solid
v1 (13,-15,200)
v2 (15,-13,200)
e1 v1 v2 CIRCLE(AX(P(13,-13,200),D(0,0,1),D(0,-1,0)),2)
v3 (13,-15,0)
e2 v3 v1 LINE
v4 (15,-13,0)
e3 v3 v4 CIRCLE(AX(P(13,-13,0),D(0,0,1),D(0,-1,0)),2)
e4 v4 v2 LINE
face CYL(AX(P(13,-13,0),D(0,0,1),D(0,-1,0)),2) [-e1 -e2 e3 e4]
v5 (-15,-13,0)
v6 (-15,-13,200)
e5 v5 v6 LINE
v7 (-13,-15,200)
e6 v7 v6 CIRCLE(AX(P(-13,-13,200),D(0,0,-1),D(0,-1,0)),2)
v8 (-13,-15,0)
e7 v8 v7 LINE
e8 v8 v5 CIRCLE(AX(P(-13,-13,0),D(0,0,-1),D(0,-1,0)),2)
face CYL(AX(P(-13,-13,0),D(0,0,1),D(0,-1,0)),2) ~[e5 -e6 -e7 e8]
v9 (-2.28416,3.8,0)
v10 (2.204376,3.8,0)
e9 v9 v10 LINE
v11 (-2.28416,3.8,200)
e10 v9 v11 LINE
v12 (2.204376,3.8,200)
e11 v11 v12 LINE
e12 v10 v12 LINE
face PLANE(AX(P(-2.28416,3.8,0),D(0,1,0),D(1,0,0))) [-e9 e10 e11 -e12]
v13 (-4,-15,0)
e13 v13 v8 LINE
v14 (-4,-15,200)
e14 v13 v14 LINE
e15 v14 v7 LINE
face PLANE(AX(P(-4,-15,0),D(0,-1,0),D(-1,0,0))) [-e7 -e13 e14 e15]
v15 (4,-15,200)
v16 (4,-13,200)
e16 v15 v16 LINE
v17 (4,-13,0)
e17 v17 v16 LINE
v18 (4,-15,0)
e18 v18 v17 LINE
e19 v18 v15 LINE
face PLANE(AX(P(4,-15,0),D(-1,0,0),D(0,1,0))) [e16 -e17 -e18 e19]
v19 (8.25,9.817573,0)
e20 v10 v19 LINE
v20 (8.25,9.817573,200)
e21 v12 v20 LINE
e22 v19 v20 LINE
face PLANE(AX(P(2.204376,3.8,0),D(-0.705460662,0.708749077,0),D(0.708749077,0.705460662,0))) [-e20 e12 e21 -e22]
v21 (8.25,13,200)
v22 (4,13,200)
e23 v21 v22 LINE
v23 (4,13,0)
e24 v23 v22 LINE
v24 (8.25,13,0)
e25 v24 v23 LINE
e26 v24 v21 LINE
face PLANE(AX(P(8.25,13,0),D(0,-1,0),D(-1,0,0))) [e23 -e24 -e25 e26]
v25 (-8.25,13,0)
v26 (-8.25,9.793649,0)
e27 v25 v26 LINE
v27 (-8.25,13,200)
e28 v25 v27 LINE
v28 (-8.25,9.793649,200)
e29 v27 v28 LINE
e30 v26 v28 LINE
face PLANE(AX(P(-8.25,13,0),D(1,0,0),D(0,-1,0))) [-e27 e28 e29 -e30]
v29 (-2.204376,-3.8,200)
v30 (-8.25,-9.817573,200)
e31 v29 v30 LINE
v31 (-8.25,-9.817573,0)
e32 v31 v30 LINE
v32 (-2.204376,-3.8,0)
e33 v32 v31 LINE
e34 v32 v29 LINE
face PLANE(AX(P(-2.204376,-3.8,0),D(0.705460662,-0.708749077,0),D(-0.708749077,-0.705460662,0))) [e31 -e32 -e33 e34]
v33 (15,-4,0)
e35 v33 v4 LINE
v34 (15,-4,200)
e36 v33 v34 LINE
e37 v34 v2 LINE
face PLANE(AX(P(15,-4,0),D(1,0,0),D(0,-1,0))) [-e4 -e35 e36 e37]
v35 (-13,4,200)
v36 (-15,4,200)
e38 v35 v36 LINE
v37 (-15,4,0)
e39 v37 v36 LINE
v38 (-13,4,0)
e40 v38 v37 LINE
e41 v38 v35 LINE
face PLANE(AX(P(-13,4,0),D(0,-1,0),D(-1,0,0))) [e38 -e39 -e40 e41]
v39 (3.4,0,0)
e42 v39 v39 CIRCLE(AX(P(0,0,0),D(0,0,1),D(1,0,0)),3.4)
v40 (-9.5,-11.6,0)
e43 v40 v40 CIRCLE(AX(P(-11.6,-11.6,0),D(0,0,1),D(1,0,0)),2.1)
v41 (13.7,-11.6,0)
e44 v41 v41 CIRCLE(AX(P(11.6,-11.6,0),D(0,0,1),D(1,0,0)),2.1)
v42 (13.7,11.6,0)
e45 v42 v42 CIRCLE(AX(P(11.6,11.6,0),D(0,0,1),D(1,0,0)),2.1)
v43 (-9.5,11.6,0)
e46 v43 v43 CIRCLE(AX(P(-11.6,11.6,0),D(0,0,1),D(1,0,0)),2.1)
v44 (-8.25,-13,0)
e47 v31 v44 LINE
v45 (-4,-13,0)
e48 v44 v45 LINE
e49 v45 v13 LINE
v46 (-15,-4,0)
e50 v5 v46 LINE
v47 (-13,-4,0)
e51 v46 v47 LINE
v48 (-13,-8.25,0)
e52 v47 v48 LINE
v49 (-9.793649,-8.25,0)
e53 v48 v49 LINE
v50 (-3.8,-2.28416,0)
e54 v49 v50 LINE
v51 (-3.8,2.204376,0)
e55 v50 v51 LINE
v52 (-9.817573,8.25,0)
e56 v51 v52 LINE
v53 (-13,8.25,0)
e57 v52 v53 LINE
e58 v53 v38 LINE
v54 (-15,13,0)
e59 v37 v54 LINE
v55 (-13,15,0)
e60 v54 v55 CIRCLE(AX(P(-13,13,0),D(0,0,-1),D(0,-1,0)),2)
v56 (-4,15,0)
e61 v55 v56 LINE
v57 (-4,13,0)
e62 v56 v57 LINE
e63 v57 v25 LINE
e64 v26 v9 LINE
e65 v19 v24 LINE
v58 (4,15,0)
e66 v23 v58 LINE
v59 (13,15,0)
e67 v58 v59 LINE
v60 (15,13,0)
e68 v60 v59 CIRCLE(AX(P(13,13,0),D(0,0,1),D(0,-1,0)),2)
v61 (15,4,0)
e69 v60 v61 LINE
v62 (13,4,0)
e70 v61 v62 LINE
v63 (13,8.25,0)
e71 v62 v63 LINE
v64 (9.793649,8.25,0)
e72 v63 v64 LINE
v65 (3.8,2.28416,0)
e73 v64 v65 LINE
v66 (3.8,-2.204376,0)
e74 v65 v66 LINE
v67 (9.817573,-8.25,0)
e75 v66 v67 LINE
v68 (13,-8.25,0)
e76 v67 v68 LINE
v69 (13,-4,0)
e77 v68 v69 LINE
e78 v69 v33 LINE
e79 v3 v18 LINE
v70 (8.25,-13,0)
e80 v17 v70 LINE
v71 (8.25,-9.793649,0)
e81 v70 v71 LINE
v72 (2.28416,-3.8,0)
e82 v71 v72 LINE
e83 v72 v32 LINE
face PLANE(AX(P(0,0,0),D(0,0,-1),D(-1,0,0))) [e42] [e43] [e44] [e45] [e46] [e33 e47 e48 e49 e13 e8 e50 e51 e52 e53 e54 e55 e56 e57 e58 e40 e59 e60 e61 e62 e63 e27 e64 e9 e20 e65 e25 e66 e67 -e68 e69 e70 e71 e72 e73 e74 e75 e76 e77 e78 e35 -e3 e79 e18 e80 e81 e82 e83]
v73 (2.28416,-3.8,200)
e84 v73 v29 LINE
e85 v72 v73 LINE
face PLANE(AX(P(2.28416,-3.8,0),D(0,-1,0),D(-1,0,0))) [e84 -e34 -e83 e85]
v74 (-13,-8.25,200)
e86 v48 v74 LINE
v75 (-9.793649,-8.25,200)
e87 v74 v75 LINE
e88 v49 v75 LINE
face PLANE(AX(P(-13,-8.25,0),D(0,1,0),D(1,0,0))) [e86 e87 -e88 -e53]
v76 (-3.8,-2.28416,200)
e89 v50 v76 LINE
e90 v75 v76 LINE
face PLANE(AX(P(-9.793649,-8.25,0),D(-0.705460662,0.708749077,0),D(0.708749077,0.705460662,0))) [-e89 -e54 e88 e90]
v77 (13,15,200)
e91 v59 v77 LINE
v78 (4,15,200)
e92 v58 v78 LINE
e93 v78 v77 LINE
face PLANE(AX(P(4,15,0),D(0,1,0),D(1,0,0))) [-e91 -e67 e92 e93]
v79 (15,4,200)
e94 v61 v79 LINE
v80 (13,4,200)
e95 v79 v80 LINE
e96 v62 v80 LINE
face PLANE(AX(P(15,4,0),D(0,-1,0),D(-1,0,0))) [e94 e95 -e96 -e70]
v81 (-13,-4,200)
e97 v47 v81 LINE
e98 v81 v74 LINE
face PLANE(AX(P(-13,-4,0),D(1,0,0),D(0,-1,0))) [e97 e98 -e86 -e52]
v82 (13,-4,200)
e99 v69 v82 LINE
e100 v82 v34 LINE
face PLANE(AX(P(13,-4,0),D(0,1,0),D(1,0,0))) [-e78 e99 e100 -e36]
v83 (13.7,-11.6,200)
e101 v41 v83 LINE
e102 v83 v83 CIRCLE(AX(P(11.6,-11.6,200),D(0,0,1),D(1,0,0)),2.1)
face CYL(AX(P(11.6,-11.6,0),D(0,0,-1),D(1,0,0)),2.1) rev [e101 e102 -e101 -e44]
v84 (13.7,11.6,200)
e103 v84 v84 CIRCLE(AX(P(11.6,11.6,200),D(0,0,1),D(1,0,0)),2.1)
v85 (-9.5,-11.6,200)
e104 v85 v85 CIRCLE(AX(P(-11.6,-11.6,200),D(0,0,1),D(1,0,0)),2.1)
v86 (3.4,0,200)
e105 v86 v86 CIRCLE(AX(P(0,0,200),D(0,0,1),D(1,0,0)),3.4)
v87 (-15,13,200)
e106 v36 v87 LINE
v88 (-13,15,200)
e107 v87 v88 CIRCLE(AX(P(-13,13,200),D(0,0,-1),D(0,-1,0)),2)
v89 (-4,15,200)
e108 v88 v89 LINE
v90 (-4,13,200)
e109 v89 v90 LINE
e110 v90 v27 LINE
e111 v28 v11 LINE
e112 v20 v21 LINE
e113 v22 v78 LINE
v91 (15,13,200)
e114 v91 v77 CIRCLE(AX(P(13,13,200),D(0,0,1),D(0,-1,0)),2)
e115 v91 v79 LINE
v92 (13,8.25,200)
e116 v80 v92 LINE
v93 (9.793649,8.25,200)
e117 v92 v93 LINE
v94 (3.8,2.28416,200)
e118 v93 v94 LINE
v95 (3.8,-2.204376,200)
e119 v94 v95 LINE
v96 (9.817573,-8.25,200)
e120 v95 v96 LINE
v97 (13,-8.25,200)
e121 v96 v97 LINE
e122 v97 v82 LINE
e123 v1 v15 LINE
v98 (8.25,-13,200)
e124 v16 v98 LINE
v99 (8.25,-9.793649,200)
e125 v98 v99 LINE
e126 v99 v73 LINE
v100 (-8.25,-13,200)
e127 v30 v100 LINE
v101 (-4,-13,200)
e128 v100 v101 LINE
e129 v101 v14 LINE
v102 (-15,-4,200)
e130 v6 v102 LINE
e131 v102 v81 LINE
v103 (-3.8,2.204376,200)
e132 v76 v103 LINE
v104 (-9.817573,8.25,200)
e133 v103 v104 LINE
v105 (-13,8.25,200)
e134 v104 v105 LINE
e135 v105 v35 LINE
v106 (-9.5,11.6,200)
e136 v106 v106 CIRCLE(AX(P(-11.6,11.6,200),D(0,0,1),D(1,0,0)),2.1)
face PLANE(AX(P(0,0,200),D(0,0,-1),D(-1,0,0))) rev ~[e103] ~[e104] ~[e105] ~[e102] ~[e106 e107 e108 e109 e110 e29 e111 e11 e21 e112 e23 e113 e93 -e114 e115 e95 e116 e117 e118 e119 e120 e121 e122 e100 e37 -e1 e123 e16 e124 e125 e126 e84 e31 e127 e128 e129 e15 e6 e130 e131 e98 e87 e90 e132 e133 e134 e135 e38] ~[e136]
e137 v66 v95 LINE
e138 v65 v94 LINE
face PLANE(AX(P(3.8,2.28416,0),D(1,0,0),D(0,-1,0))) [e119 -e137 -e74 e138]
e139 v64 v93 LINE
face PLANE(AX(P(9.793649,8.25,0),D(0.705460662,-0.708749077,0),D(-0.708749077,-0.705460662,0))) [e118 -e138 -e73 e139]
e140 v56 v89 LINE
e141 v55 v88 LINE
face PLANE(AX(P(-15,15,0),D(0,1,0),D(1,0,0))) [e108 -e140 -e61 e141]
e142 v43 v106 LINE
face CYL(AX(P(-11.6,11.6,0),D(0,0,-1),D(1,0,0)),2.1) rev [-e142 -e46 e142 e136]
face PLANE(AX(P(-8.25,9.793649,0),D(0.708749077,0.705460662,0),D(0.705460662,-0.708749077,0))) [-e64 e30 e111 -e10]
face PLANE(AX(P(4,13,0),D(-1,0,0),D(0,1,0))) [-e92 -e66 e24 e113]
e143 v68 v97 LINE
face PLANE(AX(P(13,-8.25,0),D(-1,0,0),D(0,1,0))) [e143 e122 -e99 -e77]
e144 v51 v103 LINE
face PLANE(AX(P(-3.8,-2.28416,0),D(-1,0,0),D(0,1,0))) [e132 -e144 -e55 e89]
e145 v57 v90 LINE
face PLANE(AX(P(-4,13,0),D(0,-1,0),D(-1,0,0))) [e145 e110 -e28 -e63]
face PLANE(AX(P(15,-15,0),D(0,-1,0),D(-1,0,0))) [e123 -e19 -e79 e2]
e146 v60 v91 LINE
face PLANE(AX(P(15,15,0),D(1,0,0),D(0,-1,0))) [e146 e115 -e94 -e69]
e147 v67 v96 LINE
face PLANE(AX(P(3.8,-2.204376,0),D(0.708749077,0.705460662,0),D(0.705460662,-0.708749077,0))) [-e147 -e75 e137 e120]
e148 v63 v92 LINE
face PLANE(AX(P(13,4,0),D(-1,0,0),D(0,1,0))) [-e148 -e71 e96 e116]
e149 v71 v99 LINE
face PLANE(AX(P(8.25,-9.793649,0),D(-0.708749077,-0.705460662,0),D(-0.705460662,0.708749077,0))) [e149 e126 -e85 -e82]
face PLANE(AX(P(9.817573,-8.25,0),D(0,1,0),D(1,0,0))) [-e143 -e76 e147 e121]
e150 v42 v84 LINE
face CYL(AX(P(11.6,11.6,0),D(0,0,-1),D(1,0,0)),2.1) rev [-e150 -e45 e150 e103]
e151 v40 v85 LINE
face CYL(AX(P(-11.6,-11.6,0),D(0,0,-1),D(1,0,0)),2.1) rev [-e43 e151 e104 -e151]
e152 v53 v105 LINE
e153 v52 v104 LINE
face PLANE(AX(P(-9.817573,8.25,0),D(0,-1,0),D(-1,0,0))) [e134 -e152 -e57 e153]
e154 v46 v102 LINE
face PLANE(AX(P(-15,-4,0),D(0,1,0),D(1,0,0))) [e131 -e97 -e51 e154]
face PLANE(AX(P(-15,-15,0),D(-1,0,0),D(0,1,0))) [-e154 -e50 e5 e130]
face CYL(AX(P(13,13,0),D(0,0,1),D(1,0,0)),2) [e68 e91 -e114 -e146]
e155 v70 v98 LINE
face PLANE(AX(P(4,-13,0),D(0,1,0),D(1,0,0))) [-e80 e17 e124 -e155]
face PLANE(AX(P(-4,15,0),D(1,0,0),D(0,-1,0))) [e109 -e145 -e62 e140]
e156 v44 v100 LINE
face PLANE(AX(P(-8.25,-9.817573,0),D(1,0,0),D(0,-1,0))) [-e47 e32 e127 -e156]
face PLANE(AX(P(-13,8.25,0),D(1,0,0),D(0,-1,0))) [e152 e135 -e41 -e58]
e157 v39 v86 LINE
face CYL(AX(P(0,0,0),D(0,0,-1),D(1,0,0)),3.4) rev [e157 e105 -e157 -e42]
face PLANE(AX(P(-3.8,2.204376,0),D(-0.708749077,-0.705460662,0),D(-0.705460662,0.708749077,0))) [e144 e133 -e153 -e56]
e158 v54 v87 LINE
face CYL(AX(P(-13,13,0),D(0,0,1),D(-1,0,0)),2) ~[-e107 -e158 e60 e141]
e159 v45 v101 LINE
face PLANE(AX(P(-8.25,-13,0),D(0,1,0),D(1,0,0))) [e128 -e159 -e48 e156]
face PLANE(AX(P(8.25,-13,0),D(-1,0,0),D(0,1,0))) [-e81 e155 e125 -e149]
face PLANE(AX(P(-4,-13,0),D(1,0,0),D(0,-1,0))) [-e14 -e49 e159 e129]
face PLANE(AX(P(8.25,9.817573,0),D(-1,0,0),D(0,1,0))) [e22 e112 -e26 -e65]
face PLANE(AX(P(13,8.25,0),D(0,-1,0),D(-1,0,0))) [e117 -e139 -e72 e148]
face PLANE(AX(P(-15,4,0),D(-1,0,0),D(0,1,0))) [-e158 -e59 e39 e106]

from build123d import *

# Parameters (mm, degrees)
SKETCH1_R           = 3.4
SKETCH1_R_2         = 2.1
BOSS_EXTRUDE1_DEPTH = 200
FILLET1_R           = 2


with BuildPart() as part:
    # Sketch1 → Boss-Extrude1 (new body)
    with BuildSketch(Plane.XY):
        Polygon((15, -15), (4, -15), (4, -13), (8.25, -13), (8.25, -9.793649234), (2.284159766, -3.8), (-2.204376468, -3.8), (-8.25, -9.817573384), (-8.25, -13), (-4, -13), (-4, -15), (-15, -15), (-15, -4), (-13, -4), (-13, -8.25), (-9.793649234, -8.25), (-3.8, -2.284159766), (-3.8, 2.204376468), (-9.817573384, 8.25), (-13, 8.25), (-13, 4), (-15, 4), (-15, 15), (-4, 15), (-4, 13), (-8.25, 13), (-8.25, 9.793649234), (-2.284159766, 3.8), (2.204376468, 3.8), (8.25, 9.817573384), (8.25, 13), (4, 13), (4, 15), (15, 15), (15, 4), (13, 4), (13, 8.25), (9.793649234, 8.25), (3.8, 2.284159766), (3.8, -2.204376468), (9.817573384, -8.25), (13, -8.25), (13, -4), (15, -4), align=None)
        Circle(SKETCH1_R, mode=Mode.SUBTRACT)
        with Locations((-11.6, 11.6)):
            Circle(SKETCH1_R_2, mode=Mode.SUBTRACT)
        with Locations((11.6, 11.6)):
            Circle(SKETCH1_R_2, mode=Mode.SUBTRACT)
        with Locations((11.6, -11.6)):
            Circle(SKETCH1_R_2, mode=Mode.SUBTRACT)
        with Locations((-11.6, -11.6)):
            Circle(SKETCH1_R_2, mode=Mode.SUBTRACT)
    extrude(amount=BOSS_EXTRUDE1_DEPTH)

    # Fillet1
    fillet1_edges = [part.edges().sort_by_distance(p)[0] for p in [
        (-15, -15, 100),
        (-15, 15, 100),
        (15, 15, 100),
        (15, -15, 100),
    ]]
    fillet(fillet1_edges, radius=FILLET1_R)


solid = part.part
